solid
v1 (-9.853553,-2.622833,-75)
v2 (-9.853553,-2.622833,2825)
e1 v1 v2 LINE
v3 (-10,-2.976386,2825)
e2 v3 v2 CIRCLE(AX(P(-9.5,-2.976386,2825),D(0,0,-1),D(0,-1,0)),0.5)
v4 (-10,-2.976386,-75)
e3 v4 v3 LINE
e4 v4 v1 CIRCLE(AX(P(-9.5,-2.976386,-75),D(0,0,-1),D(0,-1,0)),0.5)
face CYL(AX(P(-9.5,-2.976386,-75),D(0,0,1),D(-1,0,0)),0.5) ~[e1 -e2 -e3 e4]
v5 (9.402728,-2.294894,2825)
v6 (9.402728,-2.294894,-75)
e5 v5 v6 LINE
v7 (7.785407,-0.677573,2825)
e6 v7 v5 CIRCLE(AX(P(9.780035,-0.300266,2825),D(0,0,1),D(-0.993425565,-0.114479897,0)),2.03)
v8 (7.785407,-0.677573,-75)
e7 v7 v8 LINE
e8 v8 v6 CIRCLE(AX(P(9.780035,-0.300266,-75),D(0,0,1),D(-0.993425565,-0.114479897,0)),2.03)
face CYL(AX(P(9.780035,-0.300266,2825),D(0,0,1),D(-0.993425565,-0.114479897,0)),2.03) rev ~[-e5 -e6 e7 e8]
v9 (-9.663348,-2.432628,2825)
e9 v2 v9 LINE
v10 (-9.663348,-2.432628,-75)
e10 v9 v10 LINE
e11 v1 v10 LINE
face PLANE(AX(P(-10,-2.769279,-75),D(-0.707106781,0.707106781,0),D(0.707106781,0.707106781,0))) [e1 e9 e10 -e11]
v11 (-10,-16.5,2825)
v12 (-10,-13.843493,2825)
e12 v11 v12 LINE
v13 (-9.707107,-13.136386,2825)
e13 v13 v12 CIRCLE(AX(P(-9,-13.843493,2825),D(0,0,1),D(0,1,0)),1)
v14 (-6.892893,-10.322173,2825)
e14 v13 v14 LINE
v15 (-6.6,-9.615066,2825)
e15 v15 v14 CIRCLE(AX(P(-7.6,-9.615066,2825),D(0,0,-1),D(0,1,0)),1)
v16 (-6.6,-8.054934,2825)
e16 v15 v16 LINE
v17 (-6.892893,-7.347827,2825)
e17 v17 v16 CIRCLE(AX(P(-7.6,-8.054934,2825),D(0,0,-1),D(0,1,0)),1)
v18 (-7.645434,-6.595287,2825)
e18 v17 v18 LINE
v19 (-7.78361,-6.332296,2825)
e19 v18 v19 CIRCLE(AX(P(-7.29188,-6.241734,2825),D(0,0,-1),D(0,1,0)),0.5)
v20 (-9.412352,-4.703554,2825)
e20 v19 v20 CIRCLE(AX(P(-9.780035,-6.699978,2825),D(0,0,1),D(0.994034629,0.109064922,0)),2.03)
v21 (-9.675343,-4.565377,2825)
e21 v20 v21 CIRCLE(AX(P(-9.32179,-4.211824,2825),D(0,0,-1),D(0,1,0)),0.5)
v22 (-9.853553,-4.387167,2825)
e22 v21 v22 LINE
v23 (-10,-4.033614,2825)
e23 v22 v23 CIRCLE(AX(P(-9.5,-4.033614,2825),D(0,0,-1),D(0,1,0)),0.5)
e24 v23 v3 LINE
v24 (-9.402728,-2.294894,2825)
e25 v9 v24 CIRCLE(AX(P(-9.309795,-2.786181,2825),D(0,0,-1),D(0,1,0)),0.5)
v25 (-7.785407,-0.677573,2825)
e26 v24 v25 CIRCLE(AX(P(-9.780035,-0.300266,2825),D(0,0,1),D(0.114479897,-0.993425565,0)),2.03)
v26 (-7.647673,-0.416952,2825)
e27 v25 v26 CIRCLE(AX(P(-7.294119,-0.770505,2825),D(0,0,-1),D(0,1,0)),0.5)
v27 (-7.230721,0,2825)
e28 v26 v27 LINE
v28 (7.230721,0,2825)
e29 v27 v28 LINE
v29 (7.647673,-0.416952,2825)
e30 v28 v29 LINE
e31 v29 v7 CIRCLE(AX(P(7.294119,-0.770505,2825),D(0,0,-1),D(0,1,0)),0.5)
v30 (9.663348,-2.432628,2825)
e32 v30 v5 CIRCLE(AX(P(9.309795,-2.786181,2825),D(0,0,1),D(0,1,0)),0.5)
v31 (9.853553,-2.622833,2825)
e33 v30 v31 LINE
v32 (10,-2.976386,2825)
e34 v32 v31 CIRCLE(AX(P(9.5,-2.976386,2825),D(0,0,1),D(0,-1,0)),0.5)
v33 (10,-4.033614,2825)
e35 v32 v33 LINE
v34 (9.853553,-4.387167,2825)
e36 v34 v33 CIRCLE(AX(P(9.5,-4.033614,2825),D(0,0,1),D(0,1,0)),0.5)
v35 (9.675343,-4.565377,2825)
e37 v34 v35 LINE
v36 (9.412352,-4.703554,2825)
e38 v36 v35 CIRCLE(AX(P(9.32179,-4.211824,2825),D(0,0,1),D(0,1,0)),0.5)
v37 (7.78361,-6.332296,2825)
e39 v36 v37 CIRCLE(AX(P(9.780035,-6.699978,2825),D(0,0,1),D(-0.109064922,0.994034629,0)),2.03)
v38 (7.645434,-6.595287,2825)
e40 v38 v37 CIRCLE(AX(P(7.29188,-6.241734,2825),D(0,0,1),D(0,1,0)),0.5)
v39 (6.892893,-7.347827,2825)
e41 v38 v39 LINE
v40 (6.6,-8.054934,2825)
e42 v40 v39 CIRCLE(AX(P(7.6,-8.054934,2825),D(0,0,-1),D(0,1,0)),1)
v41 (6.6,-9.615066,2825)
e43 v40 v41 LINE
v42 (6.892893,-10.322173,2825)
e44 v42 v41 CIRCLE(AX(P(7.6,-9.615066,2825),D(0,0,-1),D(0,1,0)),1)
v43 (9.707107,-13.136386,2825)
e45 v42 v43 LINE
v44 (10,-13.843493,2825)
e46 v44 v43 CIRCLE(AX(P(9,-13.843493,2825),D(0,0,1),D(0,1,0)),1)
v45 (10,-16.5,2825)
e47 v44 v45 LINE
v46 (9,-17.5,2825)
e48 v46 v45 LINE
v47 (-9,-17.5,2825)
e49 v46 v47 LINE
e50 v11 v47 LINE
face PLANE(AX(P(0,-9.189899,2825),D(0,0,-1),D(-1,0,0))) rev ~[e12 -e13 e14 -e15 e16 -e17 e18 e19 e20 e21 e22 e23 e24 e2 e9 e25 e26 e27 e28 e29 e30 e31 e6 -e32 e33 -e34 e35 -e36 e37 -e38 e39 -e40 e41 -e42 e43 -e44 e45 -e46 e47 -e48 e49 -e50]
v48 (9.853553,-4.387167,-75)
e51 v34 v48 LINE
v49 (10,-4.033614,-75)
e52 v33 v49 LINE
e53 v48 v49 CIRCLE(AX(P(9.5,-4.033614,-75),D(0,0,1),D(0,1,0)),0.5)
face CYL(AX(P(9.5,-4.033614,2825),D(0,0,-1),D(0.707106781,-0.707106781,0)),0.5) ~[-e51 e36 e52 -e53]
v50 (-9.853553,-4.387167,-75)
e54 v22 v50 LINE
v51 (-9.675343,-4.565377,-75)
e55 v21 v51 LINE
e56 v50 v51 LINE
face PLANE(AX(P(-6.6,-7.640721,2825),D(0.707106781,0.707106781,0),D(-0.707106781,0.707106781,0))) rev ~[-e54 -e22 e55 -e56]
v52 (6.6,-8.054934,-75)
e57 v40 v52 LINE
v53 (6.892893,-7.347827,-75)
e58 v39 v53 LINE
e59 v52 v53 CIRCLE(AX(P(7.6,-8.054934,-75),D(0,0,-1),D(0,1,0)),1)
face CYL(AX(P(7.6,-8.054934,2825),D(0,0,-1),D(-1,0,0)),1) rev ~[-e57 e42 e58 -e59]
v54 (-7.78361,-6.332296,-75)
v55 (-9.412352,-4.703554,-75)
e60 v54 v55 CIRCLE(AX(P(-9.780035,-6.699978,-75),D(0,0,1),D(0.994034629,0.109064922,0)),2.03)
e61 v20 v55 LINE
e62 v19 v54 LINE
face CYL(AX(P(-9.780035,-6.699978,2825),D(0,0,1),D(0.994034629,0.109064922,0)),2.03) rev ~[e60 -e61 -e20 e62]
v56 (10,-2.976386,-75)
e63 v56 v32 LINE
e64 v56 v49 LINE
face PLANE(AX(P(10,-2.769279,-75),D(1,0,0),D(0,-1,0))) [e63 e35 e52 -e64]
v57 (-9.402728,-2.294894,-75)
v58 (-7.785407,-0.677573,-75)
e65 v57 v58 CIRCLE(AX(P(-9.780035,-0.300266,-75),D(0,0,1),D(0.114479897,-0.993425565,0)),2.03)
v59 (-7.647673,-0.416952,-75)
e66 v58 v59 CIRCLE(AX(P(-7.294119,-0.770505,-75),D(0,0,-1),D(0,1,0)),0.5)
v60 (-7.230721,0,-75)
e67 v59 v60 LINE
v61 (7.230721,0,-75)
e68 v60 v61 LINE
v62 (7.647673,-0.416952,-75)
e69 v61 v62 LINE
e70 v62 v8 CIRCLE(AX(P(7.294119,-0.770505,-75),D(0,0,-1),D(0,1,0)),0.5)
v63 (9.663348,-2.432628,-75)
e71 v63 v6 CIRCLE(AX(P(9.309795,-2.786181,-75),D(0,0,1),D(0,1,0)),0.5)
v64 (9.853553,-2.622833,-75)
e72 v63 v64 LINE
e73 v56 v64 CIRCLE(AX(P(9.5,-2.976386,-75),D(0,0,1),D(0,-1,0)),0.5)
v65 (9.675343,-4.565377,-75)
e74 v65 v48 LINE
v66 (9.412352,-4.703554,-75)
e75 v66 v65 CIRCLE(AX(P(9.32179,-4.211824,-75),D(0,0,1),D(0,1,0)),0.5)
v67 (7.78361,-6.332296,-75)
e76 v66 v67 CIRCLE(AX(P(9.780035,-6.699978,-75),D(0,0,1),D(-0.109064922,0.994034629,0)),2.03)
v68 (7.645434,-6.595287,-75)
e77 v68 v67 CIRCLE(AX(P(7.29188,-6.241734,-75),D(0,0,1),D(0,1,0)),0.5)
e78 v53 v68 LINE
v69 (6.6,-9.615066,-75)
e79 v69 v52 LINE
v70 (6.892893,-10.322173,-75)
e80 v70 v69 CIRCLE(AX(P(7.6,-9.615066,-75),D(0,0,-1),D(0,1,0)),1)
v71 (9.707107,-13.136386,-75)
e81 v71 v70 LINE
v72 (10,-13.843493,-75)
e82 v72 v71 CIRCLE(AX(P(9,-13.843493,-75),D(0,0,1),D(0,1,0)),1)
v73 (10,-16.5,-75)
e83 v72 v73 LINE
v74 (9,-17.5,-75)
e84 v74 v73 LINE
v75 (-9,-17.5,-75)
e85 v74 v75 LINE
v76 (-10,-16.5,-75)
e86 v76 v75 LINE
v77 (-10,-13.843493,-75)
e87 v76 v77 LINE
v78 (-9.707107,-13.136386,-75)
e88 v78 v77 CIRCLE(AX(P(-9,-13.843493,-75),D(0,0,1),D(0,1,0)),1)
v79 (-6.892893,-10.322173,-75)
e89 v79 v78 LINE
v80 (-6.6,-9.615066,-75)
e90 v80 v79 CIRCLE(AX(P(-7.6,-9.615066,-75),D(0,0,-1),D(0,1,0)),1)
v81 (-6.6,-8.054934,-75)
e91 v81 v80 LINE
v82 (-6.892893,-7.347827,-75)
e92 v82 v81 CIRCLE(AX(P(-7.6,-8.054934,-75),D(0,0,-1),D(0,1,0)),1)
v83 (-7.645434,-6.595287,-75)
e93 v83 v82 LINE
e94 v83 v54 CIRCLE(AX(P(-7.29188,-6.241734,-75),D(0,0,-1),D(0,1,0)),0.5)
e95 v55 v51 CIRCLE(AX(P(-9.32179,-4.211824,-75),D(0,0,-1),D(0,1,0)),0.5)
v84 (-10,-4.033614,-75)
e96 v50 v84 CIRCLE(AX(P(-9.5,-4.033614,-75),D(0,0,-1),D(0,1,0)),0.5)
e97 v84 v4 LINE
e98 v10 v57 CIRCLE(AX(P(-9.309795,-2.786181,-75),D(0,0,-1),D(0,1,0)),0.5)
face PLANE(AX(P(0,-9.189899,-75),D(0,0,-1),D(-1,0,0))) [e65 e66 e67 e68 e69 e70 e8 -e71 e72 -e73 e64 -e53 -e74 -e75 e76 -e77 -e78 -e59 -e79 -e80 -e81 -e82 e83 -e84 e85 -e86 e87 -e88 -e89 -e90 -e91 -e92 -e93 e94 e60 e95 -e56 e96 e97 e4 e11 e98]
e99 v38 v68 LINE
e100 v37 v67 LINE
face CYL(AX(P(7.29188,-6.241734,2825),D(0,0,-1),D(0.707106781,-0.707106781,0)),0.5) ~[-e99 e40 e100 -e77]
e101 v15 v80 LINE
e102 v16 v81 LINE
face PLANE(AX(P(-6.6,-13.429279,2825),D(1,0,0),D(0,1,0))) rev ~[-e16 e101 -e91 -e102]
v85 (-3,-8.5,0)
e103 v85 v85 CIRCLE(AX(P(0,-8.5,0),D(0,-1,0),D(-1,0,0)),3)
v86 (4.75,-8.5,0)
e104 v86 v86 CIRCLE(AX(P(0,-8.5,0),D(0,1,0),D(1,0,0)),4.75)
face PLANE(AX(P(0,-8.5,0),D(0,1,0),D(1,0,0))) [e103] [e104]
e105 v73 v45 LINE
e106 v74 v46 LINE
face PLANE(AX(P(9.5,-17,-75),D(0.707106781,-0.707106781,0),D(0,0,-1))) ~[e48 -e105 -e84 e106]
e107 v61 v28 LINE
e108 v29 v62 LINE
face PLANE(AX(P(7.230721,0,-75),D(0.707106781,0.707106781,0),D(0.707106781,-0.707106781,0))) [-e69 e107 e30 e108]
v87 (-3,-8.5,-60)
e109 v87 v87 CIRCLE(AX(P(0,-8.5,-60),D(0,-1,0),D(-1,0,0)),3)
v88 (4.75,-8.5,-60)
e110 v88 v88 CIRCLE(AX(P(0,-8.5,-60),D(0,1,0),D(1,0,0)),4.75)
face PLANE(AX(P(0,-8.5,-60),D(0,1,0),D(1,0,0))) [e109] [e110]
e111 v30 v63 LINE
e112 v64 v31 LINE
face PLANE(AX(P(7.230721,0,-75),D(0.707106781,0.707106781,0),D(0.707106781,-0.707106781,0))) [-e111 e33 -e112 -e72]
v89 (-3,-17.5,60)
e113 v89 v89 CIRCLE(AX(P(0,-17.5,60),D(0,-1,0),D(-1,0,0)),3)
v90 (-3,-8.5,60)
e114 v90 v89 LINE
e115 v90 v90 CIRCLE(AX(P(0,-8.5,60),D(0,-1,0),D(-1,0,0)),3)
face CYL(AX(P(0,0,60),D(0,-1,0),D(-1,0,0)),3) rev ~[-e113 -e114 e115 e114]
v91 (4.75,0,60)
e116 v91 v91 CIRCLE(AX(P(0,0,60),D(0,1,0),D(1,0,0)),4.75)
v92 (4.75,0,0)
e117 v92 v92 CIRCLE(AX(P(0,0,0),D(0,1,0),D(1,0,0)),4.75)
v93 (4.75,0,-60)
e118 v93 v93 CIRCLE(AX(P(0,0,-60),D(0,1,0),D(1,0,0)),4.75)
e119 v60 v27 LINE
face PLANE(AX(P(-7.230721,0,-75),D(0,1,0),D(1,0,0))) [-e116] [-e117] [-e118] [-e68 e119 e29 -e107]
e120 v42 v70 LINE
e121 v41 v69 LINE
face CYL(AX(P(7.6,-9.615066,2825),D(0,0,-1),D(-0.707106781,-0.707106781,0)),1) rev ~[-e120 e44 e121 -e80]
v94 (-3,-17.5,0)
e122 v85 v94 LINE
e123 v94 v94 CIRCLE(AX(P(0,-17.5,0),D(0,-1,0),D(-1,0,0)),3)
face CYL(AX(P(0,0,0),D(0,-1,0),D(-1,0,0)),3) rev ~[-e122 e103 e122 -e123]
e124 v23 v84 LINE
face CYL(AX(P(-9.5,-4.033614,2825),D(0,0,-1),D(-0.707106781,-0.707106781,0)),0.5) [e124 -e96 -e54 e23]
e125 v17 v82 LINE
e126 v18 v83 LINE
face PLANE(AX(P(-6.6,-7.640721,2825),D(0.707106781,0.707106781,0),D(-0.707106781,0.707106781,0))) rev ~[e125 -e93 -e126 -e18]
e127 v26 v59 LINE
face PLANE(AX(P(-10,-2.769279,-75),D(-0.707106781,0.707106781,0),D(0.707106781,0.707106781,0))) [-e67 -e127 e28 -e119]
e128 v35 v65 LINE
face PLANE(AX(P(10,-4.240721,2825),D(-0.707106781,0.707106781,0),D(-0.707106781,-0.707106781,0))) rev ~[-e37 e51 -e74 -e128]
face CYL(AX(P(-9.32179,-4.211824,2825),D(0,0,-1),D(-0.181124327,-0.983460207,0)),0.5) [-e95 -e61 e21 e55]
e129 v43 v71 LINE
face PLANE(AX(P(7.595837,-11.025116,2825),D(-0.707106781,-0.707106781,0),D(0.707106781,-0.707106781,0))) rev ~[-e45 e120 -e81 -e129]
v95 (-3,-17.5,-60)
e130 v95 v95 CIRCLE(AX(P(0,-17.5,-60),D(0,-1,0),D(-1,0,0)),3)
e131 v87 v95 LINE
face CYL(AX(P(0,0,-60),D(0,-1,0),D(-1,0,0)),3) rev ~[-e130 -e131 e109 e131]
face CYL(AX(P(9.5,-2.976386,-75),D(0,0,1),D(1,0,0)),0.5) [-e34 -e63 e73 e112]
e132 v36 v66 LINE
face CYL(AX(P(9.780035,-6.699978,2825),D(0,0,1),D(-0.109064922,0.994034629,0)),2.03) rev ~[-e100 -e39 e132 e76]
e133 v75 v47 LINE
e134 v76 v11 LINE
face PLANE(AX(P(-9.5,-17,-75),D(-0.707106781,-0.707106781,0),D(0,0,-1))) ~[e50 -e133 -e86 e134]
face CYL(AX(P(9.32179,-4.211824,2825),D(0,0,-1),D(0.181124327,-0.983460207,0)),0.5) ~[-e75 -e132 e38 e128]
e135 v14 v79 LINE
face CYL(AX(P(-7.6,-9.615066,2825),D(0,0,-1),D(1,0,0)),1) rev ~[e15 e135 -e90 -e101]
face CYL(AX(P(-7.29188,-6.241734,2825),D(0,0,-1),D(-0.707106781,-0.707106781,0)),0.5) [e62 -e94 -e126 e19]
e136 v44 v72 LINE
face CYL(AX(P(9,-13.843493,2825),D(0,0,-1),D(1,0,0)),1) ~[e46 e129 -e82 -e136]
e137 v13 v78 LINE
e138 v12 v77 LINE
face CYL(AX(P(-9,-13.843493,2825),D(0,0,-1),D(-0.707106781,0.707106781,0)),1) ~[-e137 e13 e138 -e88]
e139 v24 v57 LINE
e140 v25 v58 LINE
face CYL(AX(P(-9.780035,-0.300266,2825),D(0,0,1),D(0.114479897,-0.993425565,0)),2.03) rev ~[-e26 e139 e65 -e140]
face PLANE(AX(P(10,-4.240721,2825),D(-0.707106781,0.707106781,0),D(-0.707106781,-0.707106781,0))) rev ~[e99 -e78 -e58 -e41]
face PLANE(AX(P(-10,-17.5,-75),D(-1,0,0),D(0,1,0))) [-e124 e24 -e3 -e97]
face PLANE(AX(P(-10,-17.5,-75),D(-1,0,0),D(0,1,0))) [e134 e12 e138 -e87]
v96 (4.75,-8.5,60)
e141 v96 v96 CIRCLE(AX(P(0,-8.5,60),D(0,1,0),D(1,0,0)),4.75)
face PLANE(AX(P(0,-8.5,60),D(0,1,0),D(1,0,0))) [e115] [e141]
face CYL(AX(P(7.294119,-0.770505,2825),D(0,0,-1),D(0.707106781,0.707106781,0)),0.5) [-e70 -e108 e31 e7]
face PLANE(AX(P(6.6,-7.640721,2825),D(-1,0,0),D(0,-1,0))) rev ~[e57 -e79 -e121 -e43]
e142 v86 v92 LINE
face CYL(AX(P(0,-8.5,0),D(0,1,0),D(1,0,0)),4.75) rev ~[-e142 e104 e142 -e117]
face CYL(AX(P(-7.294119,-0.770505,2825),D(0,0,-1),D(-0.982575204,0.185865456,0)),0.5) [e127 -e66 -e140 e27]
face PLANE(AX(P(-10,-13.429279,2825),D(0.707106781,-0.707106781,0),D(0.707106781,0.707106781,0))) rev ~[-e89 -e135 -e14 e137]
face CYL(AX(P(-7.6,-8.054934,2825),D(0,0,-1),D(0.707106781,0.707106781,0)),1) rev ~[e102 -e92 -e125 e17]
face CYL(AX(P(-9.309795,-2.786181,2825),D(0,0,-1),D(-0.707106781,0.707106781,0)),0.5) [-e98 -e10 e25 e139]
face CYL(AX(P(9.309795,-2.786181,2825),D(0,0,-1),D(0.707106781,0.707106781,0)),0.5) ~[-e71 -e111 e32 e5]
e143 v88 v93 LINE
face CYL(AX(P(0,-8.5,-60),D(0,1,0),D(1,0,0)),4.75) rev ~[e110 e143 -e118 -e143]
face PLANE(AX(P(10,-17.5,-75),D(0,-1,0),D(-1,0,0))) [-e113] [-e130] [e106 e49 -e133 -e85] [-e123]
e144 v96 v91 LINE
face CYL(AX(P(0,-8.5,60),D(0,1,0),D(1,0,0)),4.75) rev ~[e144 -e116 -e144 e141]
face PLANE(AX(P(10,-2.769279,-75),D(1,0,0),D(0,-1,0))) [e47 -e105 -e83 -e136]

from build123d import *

# Parameters (mm, degrees)
ESTRUSIONE_ESTRUSIONE1_DEPTH = 2900
TAGLIO_ESTRUSIONE1_DEPTH     = 2901.070042258
TAGLIO_ESTRUSIONE2_REACH     = 2902.07
TAGLIO_ESTRUSIONE3_DEPTH     = 2901.070042258
TAGLIO_ESTRUSIONE4_DEPTH     = 2901.070042258
TAGLIO_ESTRUSIONE5_REACH     = 2902.07
TAGLIO_ESTRUSIONE6_DEPTH     = 2901.070042258
SFORMO1_ANGLE                = 44.999999999
SFORMO2_ANGLE                = 44.999999999
FORO1_D                      = 6
FORO1_CBORE_D                = 9.5
FORO1_CBORE_DEPTH            = 8.5
SMUSSO1_SIZE                 = 1
RACCORDO1_R                  = 0.5
RACCORDO2_R                  = 1


with BuildPart() as part:
    # Schizzo1 → Estrusione-Estrusione1 (new body)
    with BuildSketch(Plane(origin=(0, 0, -75), x_dir=(-1, 0, 0), z_dir=(0, 0, -1))):
        Polygon((-7.230720611, 0), (-10, -2.769279389), (-10, -17.5), (10, -17.5), (10, -2.769279389), (7.230720611, 0), align=None)
    extrude(amount=-ESTRUSIONE_ESTRUSIONE1_DEPTH)

    # Schizzo2 → Taglio-Estrusione1 (cut, through all)
    with BuildSketch(Plane.XY.offset(2825)):
        Polygon((10, -4.240720611), (6.6, -7.640720611), (6.6, -13.429279389), (10, -13.429279389), align=None)
    extrude(amount=-TAGLIO_ESTRUSIONE1_DEPTH, mode=Mode.SUBTRACT)

    # Schizzo3 → Taglio-Estrusione2 (cut, up to next)
    with BuildSketch(Plane.XY.offset(2825), mode=Mode.PRIVATE) as taglio_estrusione2_sk1:
        with BuildLine():
            Line((7.762144254, -6.478576357), (9.558632757, -4.682087854))
            ThreePointArc((9.558632757, -4.682087854), (8.344607784, -5.264551384), (7.762144254, -6.478576357))
        make_face()
    taglio_estrusione2_tool1 = extrude(taglio_estrusione2_sk1.sketch, amount=-TAGLIO_ESTRUSIONE2_REACH, mode=Mode.PRIVATE) & part.part
    add(taglio_estrusione2_tool1.solids().sort_by_distance((8.532804, -5.452748, 2825))[0], mode=Mode.SUBTRACT)

    # Schizzo4 → Taglio-Estrusione3 (cut, through all)
    with BuildSketch(Plane.XY.offset(2825)):
        Polygon((-10, -13.429279389), (-6.6, -13.429279389), (-6.6, -7.640720611), (-10, -4.240720611), align=None)
    extrude(amount=-TAGLIO_ESTRUSIONE3_DEPTH, mode=Mode.SUBTRACT)

    # Schizzo5 → Taglio-Estrusione4 (cut, through all)
    with BuildSketch(Plane.XY.offset(2825)):
        with BuildLine():
            Line((-9.558632757, -4.682087854), (-7.762144254, -6.478576357))
            ThreePointArc((-7.762144254, -6.478576357), (-8.344607784, -5.264551384), (-9.558632757, -4.682087854))
        make_face()
    extrude(amount=-TAGLIO_ESTRUSIONE4_DEPTH, mode=Mode.SUBTRACT)

    # Schizzo6 → Taglio-Estrusione5 (cut, up to next)
    with BuildSketch(Plane.XY.offset(2825), mode=Mode.PRIVATE) as taglio_estrusione5_sk1:
        with BuildLine():
            Line((-7.763380653, -0.532660042), (-9.547640358, -2.316919747))
            ThreePointArc((-9.547640358, -2.316919747), (-8.344607784, -1.735692616), (-7.763380653, -0.532660042))
        make_face()
    taglio_estrusione5_tool1 = extrude(taglio_estrusione5_sk1.sketch, amount=-TAGLIO_ESTRUSIONE5_REACH, mode=Mode.PRIVATE) & part.part
    add(taglio_estrusione5_tool1.solids().sort_by_distance((-8.529918, -1.550383, 2825))[0], mode=Mode.SUBTRACT)

    # Schizzo7 → Taglio-Estrusione6 (cut, through all)
    with BuildSketch(Plane.XY.offset(2825)):
        with BuildLine():
            Line((9.547640358, -2.316919747), (7.763380653, -0.532660042))
            ThreePointArc((7.763380653, -0.532660042), (8.344607784, -1.735692616), (9.547640358, -2.316919747))
        make_face()
    extrude(amount=-TAGLIO_ESTRUSIONE6_DEPTH, mode=Mode.SUBTRACT)

    # Sformo1
    sformo1_faces = [part.faces().sort_by_distance(p)[0] for p in [
        (8.3, -13.429279389, 1375),
    ]]
    draft(sformo1_faces, Plane(origin=(10, -2.769279389, 2825), x_dir=(0, 0, 1), z_dir=(1, 0, 0)), SFORMO1_ANGLE)

    # Sformo2
    sformo2_faces = [part.faces().sort_by_distance(p)[0] for p in [
        (-8.3, -13.429279389, 1375),
    ]]
    draft(sformo2_faces, Plane(origin=(-10, -17.5, 2825), x_dir=(0, -1, 0), z_dir=(-1, 0, 0)), SFORMO2_ANGLE)

    # Foro1 (through all)
    with Locations(Plane(origin=(0, 0, 0), x_dir=(1, 0, 0), z_dir=(0, 1, 0))):
        with Locations((0, 60), (0, 0), (0, -60)):
            CounterBoreHole(FORO1_D / 2, FORO1_CBORE_D / 2, FORO1_CBORE_DEPTH)

    # Smusso1
    smusso1_edges = [part.edges().sort_by_distance(p)[0] for p in [
        (-10, -17.5, 1375),
        (10, -17.5, 1375),
    ]]
    chamfer(smusso1_edges, length=SMUSSO1_SIZE)

    # Raccordo1
    raccordo1_edges = [part.edges().sort_by_distance(p)[0] for p in [
        (-10, -2.769279389, 1375),
        (10, -2.769279389, 1375),
        (10, -4.240720611, 1375),
        (7.762144254, -6.478576357, 1375),
        (9.558632757, -4.682087854, 1375),
        (-10, -4.240720611, 1375),
        (-9.558632757, -4.682087854, 1375),
        (-7.762144254, -6.478576357, 1375),
        (-7.763380653, -0.532660042, 1375),
        (-9.547640358, -2.316919747, 1375),
        (9.547640358, -2.316919747, 1375),
        (7.763380653, -0.532660042, 1375),
    ]]
    fillet(raccordo1_edges, radius=RACCORDO1_R)

    # Raccordo2
    raccordo2_edges = [part.edges().sort_by_distance(p)[0] for p in [
        (10, -13.429279389, 1375),
        (6.6, -10.029279389, 1375),
        (6.6, -7.640720611, 1375),
        (-10, -13.429279389, 1375),
        (-6.6, -7.640720611, 1375),
        (-6.6, -10.029279389, 1375),
    ]]
    fillet(raccordo2_edges, radius=RACCORDO2_R)


solid = part.part
